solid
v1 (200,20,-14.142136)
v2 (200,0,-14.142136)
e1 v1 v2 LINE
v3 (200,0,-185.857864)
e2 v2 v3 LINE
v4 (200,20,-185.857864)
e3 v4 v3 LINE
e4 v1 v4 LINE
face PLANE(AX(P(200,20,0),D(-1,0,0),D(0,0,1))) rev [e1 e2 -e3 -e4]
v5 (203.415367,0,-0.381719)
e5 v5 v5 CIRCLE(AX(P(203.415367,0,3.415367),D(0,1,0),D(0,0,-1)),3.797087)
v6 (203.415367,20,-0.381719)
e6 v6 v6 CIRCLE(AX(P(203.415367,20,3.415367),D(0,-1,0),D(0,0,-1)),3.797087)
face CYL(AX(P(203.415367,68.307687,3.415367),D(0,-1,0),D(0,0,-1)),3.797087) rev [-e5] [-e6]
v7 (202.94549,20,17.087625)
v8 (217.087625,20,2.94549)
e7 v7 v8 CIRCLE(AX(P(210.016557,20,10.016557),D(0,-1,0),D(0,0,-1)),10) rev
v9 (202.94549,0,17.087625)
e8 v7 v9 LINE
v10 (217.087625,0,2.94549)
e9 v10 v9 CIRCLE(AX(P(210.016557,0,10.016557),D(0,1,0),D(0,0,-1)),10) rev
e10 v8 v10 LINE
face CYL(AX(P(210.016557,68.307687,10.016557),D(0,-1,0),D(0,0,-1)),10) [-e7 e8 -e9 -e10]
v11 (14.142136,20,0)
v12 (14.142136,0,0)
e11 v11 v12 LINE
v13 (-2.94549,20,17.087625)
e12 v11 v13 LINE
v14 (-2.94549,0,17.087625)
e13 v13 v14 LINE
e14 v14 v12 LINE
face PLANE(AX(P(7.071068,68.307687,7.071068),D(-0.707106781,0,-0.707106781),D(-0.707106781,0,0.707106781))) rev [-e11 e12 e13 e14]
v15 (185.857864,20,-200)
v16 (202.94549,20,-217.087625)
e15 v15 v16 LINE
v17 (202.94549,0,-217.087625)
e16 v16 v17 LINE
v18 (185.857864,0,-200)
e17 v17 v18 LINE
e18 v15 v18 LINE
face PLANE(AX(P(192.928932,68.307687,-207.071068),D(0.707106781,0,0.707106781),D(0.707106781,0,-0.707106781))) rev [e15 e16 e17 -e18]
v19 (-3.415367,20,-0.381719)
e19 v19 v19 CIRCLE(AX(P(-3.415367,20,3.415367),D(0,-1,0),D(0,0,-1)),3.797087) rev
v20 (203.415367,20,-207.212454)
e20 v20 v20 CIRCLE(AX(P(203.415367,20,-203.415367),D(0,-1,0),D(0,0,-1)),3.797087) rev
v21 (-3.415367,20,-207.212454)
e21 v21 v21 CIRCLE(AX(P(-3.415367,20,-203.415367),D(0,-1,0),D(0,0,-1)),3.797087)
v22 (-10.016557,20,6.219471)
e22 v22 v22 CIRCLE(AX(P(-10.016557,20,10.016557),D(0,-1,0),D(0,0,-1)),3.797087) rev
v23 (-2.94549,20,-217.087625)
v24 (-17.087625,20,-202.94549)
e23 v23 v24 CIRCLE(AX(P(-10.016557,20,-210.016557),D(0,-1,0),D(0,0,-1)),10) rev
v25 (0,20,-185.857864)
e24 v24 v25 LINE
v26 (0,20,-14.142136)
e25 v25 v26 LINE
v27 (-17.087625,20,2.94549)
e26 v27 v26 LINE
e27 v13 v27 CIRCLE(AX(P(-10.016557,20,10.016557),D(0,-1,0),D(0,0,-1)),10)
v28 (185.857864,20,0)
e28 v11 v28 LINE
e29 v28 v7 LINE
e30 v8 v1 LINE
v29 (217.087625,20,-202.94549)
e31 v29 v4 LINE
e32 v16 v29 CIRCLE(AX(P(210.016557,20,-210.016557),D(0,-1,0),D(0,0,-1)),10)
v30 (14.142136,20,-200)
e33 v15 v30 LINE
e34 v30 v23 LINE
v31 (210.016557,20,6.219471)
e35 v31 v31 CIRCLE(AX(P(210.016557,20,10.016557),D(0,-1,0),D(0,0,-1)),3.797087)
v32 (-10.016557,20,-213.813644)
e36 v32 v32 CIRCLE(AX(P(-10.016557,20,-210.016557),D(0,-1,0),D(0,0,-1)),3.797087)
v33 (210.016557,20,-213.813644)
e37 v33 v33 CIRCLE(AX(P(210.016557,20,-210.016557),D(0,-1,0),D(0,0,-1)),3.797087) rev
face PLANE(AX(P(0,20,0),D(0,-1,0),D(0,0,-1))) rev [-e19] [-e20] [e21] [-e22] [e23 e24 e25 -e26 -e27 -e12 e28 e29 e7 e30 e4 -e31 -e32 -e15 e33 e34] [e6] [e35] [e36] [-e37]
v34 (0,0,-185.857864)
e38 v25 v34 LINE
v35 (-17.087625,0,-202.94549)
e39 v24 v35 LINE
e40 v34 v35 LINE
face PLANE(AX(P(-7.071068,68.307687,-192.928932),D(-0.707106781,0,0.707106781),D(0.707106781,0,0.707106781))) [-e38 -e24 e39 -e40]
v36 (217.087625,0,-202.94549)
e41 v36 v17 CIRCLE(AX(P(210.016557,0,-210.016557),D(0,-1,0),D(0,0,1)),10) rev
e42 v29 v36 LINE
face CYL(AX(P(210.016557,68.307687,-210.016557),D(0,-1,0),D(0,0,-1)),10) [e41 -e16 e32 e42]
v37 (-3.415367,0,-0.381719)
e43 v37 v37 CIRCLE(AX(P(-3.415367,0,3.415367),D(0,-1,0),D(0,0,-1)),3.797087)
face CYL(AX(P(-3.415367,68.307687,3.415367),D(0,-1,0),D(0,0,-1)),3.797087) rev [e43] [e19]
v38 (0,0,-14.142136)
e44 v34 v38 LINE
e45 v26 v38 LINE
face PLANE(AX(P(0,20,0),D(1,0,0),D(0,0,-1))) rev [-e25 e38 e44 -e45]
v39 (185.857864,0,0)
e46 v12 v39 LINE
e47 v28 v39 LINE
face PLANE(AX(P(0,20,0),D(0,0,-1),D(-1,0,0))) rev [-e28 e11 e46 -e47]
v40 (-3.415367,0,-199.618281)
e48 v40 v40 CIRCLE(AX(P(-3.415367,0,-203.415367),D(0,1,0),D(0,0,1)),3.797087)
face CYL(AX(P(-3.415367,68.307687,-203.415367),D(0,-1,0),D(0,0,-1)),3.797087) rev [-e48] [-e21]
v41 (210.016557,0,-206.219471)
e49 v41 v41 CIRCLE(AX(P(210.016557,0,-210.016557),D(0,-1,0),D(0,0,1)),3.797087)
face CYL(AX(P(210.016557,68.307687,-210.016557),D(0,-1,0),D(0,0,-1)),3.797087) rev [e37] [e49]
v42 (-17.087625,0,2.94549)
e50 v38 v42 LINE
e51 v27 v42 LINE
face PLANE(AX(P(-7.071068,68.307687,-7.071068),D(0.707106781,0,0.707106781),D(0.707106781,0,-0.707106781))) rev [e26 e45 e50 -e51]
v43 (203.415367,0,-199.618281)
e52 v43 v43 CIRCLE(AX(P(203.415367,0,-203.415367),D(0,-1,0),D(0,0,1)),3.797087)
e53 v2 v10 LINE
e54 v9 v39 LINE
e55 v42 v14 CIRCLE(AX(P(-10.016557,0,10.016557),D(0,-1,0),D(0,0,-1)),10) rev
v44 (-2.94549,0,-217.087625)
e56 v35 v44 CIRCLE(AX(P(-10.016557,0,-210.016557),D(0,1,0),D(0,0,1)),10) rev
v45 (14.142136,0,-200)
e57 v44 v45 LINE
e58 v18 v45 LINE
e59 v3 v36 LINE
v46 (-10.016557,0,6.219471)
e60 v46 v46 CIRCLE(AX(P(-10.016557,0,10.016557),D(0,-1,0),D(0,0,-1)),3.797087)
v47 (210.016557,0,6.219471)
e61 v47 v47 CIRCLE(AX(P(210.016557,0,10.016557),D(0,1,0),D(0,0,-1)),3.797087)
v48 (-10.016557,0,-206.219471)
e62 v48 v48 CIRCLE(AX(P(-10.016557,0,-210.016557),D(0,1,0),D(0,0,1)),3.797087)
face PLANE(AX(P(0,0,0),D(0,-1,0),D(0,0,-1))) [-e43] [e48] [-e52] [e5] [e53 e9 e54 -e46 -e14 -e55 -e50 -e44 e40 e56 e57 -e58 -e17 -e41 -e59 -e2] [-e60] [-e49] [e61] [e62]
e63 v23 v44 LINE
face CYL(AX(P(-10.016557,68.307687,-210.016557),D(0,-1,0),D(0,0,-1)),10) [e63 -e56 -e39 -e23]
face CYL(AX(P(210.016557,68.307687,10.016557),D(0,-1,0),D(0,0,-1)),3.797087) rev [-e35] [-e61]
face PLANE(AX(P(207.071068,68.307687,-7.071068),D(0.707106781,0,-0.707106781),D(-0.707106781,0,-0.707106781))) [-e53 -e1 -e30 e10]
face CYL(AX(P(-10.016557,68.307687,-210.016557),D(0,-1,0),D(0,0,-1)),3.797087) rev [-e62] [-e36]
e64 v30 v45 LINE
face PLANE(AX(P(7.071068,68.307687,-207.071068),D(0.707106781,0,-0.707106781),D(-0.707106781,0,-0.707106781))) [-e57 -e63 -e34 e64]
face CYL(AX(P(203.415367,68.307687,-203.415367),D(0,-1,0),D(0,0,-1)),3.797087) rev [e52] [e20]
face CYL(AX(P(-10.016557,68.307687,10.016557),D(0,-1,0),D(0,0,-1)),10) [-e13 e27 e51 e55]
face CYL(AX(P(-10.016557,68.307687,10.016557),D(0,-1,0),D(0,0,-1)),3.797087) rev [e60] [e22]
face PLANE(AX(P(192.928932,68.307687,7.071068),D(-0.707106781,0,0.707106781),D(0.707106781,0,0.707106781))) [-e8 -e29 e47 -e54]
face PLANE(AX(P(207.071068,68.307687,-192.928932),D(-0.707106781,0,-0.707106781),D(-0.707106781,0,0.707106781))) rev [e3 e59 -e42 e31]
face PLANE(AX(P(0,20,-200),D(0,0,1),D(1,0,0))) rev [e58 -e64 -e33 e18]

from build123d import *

# Parameters (mm, degrees)
SKETCH1_W               = 200
SKETCH1_H               = 200
BOSS_EXTRUDE1_DEPTH     = 20
SKETCH2_R               = 3.7970867
BOSS_EXTRUDE2_DEPTH     = 20
MIRROR4_COPY_1_SKETCH_R = 3.7970867
MIRROR4_COPY_1_DEPTH    = 20


with BuildPart() as part:
    # Sketch1 → Boss-Extrude1 (new body)
    with BuildSketch(Plane(origin=(0, 0, 0), x_dir=(1, 0, 0), z_dir=(0, 1, 0))):
        with Locations((100, 100)):
            Rectangle(SKETCH1_W, SKETCH1_H)
    extrude(amount=BOSS_EXTRUDE1_DEPTH)

    # Sketch2 → Boss-Extrude2 (add)
    with BuildSketch(Plane.XZ):
        with BuildLine():
            Line((0, -14.142135624), (-17.087625271, 2.945489647))
            ThreePointArc((-17.087625271, 2.945489647), (-17.087625271, 17.087625271), (-2.945489647, 17.087625271))
            Line((-2.945489647, 17.087625271), (14.142135624, 0))
            Line((14.142135624, 0), (0, 0))
            Line((0, 0), (0, -14.142135624))
        make_face()
        with Locations((-10.016557459, 10.016557459)):
            Circle(SKETCH2_R, mode=Mode.SUBTRACT)
        with Locations((-3.415367361, 3.415367361)):
            Circle(SKETCH2_R, mode=Mode.SUBTRACT)
    boss_extrude2 = extrude(amount=-BOSS_EXTRUDE2_DEPTH)

    # Mirror3: Boss-Extrude2 across plane
    add(boss_extrude2.mirror(Plane(origin=(100, 0, 0), x_dir=(0, 0, 1), z_dir=(1, 0, 0))))

    # Mirror4: Boss-Extrude2 across plane
    add(boss_extrude2.mirror(Plane(origin=(0, 0, -100), x_dir=(1, 0, 0), z_dir=(0, 0, -1))))

    # Mirror4 copy 1 sketch → Mirror4 copy 1 (add)
    with BuildSketch(Plane(origin=(200, 0, -200), x_dir=(-1, 0, 0), z_dir=(0, -1, 0))):
        with BuildLine():
            Line((0, -14.142135624), (-17.087625271, 2.945489647))
            ThreePointArc((-17.087625271, 2.945489647), (-17.087625271, 17.087625271), (-2.945489647, 17.087625271))
            Line((-2.945489647, 17.087625271), (14.142135624, 0))
            Line((14.142135624, 0), (0, 0))
            Line((0, 0), (0, -14.142135624))
        make_face()
        with Locations((-10.016557459, 10.016557459)):
            Circle(MIRROR4_COPY_1_SKETCH_R, mode=Mode.SUBTRACT)
        with Locations((-3.415367361, 3.415367361)):
            Circle(MIRROR4_COPY_1_SKETCH_R, mode=Mode.SUBTRACT)
    extrude(amount=-MIRROR4_COPY_1_DEPTH)


solid = part.part
